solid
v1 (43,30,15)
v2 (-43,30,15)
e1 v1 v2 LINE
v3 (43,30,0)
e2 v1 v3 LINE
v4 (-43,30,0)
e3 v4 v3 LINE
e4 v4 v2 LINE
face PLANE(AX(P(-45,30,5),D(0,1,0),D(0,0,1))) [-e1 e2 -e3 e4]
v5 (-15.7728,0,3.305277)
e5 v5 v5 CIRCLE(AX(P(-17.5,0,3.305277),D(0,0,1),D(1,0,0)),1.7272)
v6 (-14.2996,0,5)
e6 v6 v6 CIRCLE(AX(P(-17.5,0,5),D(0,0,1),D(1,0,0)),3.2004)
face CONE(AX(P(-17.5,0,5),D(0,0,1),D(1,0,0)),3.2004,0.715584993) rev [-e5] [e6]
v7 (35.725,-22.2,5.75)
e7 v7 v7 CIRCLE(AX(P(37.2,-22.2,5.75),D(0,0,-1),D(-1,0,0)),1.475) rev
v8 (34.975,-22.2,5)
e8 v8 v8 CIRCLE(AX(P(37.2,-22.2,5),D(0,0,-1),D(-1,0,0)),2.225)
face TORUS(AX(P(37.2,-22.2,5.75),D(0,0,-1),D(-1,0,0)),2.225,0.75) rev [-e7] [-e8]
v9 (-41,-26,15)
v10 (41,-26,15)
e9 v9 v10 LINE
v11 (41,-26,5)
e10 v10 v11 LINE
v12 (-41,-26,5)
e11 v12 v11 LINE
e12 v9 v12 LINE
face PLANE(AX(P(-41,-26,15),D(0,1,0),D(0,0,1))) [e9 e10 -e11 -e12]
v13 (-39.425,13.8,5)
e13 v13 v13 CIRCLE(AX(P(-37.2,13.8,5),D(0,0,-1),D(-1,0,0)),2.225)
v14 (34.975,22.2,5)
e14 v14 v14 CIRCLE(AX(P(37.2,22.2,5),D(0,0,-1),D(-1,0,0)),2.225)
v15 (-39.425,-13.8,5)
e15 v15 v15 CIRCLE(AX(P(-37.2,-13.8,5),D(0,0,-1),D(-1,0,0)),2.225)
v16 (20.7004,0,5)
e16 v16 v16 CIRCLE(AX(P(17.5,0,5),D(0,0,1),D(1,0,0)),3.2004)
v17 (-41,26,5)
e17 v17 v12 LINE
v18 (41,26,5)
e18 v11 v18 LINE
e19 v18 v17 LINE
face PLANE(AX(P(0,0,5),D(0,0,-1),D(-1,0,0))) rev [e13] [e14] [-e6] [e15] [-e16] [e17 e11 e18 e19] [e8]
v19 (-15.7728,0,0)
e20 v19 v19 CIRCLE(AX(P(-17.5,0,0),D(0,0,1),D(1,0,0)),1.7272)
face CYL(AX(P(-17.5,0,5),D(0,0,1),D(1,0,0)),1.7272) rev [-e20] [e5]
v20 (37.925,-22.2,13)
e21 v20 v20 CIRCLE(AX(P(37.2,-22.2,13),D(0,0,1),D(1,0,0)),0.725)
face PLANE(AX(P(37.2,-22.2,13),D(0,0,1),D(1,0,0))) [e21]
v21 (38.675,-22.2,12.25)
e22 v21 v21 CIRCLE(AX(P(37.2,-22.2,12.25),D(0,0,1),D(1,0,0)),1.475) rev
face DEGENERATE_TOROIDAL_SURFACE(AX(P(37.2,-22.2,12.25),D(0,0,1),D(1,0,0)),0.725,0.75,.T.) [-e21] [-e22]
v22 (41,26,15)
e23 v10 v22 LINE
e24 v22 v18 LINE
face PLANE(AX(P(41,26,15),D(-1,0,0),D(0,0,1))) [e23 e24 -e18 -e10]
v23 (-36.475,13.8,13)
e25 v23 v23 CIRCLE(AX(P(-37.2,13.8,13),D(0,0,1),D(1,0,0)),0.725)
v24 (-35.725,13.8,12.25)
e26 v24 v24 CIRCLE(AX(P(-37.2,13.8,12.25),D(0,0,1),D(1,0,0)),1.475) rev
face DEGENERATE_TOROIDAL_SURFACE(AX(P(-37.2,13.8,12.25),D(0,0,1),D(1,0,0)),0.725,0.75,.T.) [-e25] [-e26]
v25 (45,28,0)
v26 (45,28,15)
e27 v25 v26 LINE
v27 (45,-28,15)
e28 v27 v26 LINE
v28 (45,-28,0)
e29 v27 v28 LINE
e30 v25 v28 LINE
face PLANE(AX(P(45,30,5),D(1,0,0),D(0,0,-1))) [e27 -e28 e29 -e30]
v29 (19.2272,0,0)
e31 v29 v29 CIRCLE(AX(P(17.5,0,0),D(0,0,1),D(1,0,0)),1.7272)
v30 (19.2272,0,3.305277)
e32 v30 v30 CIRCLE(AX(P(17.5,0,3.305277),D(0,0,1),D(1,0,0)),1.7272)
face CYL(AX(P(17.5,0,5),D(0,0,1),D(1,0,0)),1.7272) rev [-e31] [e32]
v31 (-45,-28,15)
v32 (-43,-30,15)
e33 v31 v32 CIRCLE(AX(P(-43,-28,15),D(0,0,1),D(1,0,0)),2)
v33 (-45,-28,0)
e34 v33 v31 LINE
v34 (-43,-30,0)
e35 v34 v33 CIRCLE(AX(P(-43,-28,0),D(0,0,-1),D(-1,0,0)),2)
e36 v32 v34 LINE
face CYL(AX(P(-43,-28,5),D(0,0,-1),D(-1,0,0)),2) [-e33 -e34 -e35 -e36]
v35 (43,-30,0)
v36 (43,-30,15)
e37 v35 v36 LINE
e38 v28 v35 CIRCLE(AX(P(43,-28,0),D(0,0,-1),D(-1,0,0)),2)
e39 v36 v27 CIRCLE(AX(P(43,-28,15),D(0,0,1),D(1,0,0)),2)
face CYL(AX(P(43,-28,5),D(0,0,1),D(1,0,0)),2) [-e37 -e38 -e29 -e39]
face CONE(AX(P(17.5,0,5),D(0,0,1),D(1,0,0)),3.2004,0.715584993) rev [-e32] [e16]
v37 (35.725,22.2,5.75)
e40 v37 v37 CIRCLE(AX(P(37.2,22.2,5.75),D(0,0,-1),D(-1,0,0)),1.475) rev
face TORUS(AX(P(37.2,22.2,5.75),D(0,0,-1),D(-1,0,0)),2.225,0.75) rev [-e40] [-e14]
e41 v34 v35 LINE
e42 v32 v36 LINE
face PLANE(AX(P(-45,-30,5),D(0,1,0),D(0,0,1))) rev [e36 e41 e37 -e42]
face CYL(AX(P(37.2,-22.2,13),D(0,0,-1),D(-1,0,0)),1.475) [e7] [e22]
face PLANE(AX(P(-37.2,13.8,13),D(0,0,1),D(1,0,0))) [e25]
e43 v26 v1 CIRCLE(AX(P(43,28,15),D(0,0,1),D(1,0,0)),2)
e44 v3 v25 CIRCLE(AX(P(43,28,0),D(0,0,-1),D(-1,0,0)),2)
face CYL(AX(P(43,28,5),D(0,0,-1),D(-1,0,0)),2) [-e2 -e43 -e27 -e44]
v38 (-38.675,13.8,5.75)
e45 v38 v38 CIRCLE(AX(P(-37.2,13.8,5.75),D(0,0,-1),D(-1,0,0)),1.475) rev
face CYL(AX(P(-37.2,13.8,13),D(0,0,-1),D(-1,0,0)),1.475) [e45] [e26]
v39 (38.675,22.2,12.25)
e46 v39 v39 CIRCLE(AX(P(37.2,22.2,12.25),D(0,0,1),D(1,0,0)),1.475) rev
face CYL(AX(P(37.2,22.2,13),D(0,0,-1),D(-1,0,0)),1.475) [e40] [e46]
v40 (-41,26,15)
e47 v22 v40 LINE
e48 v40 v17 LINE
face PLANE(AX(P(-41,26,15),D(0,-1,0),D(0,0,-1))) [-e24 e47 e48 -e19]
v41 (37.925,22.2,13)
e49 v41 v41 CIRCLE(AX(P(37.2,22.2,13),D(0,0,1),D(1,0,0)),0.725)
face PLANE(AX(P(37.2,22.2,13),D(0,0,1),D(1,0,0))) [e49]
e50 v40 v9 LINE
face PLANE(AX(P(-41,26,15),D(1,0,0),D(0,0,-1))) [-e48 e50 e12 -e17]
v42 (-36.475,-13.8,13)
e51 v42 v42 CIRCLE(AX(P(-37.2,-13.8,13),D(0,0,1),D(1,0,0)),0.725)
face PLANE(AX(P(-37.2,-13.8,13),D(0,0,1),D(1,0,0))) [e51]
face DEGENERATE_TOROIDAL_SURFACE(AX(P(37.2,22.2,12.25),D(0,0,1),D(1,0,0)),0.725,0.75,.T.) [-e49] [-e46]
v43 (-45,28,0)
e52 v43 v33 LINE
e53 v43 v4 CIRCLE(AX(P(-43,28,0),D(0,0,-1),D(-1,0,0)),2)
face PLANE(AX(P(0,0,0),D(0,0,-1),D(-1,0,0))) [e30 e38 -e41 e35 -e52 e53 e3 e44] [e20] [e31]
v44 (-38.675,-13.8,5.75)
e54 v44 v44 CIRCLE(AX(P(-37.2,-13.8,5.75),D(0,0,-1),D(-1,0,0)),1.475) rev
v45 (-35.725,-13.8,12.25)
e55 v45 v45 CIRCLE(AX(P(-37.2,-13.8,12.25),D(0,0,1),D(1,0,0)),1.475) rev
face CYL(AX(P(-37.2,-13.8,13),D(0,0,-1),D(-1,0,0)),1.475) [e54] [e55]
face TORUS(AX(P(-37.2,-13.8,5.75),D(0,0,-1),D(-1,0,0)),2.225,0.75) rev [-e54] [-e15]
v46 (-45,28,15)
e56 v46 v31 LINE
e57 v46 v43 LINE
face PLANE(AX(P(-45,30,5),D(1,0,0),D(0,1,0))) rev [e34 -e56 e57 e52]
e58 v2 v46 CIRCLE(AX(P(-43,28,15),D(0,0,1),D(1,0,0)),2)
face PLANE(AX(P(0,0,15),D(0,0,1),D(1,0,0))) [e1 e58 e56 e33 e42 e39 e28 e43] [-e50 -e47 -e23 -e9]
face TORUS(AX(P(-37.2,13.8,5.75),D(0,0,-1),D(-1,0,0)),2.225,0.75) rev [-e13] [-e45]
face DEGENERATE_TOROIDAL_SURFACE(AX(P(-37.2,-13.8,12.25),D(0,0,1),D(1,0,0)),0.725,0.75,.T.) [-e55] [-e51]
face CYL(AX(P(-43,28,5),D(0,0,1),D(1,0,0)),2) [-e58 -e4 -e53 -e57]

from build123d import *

# Parameters (mm, degrees)
ESQUISSE1_W                                       = 90
ESQUISSE1_H                                       = 60
BOSS_EXTRU_1_DEPTH                                = 5
ESQUISSE2_W                                       = 90
ESQUISSE2_H                                       = 60
ESQUISSE2_W_2                                     = 82
ESQUISSE2_H_2                                     = 52
BOSS_EXTRU_2_DEPTH                                = 10
ESQUISSE3_R                                       = 1.475
BOSS_EXTRU_3_DEPTH                                = 8
FRAISAGE_POUR_VIS_T_TE_FRAIS_E_BOMB_E_D           = 3.4544
FRAISAGE_POUR_VIS_T_TE_FRAIS_E_BOMB_E_CSINK_D     = 6.4008
FRAISAGE_POUR_VIS_T_TE_FRAIS_E_BOMB_E_CSINK_ANGLE = 82
CONG_1_R                                          = 2
CONG_2_R                                          = 0.75


with BuildPart() as part:
    # Esquisse1 → Boss.-Extru.1 (new body)
    with BuildSketch(Plane.XY):
        Rectangle(ESQUISSE1_W, ESQUISSE1_H)
    extrude(amount=BOSS_EXTRU_1_DEPTH)

    # Esquisse2 → Boss.-Extru.2 (add)
    with BuildSketch(Plane.XY.offset(5)):
        Rectangle(ESQUISSE2_W, ESQUISSE2_H)
        Rectangle(ESQUISSE2_W_2, ESQUISSE2_H_2, mode=Mode.SUBTRACT)
    extrude(amount=BOSS_EXTRU_2_DEPTH)

    # Esquisse3 → Boss.-Extru.3 (add)
    with BuildSketch(Plane.XY.offset(5)):
        with Locations(Location((-37.2, 13.800000038, 0), (0, 0, 180))):
            Circle(ESQUISSE3_R)
        with Locations(Location((-37.2, -13.800000038, 0), (0, 0, 180))):
            Circle(ESQUISSE3_R)
        with Locations(Location((37.2, -22.2, 0), (0, 0, 180))):
            Circle(ESQUISSE3_R)
        with Locations(Location((37.2, 22.2, 0), (0, 0, 180))):
            Circle(ESQUISSE3_R)
    extrude(amount=BOSS_EXTRU_3_DEPTH)

    # Fraisage pour vis à tête fraisée bombée #51 (through all)
    with Locations(Plane.XY.offset(5)):
        with Locations((-17.5, 0), (17.5, 0)):
            CounterSinkHole(FRAISAGE_POUR_VIS_T_TE_FRAIS_E_BOMB_E_D / 2, FRAISAGE_POUR_VIS_T_TE_FRAIS_E_BOMB_E_CSINK_D / 2, counter_sink_angle=FRAISAGE_POUR_VIS_T_TE_FRAIS_E_BOMB_E_CSINK_ANGLE)

    # Congé1
    cong_1_edges = [part.edges().sort_by_distance(p)[0] for p in [
        (-45, 30, 7.5),
        (-45, -30, 7.5),
        (45, -30, 7.5),
        (45, 30, 7.5),
    ]]
    fillet(cong_1_edges, radius=CONG_1_R)

    # Congé2
    cong_2_edges = [part.edges().sort_by_distance(p)[0] for p in [
        (-35.725, 13.800000038, 5),
        (-35.725, 13.800000038, 13),
        (-35.725, -13.800000038, 5),
        (-35.725, -13.800000038, 13),
        (38.675, -22.2, 5),
        (38.675, -22.2, 13),
        (38.675, 22.2, 5),
        (38.675, 22.2, 13),
    ]]
    fillet(cong_2_edges, radius=CONG_2_R)


solid = part.part
